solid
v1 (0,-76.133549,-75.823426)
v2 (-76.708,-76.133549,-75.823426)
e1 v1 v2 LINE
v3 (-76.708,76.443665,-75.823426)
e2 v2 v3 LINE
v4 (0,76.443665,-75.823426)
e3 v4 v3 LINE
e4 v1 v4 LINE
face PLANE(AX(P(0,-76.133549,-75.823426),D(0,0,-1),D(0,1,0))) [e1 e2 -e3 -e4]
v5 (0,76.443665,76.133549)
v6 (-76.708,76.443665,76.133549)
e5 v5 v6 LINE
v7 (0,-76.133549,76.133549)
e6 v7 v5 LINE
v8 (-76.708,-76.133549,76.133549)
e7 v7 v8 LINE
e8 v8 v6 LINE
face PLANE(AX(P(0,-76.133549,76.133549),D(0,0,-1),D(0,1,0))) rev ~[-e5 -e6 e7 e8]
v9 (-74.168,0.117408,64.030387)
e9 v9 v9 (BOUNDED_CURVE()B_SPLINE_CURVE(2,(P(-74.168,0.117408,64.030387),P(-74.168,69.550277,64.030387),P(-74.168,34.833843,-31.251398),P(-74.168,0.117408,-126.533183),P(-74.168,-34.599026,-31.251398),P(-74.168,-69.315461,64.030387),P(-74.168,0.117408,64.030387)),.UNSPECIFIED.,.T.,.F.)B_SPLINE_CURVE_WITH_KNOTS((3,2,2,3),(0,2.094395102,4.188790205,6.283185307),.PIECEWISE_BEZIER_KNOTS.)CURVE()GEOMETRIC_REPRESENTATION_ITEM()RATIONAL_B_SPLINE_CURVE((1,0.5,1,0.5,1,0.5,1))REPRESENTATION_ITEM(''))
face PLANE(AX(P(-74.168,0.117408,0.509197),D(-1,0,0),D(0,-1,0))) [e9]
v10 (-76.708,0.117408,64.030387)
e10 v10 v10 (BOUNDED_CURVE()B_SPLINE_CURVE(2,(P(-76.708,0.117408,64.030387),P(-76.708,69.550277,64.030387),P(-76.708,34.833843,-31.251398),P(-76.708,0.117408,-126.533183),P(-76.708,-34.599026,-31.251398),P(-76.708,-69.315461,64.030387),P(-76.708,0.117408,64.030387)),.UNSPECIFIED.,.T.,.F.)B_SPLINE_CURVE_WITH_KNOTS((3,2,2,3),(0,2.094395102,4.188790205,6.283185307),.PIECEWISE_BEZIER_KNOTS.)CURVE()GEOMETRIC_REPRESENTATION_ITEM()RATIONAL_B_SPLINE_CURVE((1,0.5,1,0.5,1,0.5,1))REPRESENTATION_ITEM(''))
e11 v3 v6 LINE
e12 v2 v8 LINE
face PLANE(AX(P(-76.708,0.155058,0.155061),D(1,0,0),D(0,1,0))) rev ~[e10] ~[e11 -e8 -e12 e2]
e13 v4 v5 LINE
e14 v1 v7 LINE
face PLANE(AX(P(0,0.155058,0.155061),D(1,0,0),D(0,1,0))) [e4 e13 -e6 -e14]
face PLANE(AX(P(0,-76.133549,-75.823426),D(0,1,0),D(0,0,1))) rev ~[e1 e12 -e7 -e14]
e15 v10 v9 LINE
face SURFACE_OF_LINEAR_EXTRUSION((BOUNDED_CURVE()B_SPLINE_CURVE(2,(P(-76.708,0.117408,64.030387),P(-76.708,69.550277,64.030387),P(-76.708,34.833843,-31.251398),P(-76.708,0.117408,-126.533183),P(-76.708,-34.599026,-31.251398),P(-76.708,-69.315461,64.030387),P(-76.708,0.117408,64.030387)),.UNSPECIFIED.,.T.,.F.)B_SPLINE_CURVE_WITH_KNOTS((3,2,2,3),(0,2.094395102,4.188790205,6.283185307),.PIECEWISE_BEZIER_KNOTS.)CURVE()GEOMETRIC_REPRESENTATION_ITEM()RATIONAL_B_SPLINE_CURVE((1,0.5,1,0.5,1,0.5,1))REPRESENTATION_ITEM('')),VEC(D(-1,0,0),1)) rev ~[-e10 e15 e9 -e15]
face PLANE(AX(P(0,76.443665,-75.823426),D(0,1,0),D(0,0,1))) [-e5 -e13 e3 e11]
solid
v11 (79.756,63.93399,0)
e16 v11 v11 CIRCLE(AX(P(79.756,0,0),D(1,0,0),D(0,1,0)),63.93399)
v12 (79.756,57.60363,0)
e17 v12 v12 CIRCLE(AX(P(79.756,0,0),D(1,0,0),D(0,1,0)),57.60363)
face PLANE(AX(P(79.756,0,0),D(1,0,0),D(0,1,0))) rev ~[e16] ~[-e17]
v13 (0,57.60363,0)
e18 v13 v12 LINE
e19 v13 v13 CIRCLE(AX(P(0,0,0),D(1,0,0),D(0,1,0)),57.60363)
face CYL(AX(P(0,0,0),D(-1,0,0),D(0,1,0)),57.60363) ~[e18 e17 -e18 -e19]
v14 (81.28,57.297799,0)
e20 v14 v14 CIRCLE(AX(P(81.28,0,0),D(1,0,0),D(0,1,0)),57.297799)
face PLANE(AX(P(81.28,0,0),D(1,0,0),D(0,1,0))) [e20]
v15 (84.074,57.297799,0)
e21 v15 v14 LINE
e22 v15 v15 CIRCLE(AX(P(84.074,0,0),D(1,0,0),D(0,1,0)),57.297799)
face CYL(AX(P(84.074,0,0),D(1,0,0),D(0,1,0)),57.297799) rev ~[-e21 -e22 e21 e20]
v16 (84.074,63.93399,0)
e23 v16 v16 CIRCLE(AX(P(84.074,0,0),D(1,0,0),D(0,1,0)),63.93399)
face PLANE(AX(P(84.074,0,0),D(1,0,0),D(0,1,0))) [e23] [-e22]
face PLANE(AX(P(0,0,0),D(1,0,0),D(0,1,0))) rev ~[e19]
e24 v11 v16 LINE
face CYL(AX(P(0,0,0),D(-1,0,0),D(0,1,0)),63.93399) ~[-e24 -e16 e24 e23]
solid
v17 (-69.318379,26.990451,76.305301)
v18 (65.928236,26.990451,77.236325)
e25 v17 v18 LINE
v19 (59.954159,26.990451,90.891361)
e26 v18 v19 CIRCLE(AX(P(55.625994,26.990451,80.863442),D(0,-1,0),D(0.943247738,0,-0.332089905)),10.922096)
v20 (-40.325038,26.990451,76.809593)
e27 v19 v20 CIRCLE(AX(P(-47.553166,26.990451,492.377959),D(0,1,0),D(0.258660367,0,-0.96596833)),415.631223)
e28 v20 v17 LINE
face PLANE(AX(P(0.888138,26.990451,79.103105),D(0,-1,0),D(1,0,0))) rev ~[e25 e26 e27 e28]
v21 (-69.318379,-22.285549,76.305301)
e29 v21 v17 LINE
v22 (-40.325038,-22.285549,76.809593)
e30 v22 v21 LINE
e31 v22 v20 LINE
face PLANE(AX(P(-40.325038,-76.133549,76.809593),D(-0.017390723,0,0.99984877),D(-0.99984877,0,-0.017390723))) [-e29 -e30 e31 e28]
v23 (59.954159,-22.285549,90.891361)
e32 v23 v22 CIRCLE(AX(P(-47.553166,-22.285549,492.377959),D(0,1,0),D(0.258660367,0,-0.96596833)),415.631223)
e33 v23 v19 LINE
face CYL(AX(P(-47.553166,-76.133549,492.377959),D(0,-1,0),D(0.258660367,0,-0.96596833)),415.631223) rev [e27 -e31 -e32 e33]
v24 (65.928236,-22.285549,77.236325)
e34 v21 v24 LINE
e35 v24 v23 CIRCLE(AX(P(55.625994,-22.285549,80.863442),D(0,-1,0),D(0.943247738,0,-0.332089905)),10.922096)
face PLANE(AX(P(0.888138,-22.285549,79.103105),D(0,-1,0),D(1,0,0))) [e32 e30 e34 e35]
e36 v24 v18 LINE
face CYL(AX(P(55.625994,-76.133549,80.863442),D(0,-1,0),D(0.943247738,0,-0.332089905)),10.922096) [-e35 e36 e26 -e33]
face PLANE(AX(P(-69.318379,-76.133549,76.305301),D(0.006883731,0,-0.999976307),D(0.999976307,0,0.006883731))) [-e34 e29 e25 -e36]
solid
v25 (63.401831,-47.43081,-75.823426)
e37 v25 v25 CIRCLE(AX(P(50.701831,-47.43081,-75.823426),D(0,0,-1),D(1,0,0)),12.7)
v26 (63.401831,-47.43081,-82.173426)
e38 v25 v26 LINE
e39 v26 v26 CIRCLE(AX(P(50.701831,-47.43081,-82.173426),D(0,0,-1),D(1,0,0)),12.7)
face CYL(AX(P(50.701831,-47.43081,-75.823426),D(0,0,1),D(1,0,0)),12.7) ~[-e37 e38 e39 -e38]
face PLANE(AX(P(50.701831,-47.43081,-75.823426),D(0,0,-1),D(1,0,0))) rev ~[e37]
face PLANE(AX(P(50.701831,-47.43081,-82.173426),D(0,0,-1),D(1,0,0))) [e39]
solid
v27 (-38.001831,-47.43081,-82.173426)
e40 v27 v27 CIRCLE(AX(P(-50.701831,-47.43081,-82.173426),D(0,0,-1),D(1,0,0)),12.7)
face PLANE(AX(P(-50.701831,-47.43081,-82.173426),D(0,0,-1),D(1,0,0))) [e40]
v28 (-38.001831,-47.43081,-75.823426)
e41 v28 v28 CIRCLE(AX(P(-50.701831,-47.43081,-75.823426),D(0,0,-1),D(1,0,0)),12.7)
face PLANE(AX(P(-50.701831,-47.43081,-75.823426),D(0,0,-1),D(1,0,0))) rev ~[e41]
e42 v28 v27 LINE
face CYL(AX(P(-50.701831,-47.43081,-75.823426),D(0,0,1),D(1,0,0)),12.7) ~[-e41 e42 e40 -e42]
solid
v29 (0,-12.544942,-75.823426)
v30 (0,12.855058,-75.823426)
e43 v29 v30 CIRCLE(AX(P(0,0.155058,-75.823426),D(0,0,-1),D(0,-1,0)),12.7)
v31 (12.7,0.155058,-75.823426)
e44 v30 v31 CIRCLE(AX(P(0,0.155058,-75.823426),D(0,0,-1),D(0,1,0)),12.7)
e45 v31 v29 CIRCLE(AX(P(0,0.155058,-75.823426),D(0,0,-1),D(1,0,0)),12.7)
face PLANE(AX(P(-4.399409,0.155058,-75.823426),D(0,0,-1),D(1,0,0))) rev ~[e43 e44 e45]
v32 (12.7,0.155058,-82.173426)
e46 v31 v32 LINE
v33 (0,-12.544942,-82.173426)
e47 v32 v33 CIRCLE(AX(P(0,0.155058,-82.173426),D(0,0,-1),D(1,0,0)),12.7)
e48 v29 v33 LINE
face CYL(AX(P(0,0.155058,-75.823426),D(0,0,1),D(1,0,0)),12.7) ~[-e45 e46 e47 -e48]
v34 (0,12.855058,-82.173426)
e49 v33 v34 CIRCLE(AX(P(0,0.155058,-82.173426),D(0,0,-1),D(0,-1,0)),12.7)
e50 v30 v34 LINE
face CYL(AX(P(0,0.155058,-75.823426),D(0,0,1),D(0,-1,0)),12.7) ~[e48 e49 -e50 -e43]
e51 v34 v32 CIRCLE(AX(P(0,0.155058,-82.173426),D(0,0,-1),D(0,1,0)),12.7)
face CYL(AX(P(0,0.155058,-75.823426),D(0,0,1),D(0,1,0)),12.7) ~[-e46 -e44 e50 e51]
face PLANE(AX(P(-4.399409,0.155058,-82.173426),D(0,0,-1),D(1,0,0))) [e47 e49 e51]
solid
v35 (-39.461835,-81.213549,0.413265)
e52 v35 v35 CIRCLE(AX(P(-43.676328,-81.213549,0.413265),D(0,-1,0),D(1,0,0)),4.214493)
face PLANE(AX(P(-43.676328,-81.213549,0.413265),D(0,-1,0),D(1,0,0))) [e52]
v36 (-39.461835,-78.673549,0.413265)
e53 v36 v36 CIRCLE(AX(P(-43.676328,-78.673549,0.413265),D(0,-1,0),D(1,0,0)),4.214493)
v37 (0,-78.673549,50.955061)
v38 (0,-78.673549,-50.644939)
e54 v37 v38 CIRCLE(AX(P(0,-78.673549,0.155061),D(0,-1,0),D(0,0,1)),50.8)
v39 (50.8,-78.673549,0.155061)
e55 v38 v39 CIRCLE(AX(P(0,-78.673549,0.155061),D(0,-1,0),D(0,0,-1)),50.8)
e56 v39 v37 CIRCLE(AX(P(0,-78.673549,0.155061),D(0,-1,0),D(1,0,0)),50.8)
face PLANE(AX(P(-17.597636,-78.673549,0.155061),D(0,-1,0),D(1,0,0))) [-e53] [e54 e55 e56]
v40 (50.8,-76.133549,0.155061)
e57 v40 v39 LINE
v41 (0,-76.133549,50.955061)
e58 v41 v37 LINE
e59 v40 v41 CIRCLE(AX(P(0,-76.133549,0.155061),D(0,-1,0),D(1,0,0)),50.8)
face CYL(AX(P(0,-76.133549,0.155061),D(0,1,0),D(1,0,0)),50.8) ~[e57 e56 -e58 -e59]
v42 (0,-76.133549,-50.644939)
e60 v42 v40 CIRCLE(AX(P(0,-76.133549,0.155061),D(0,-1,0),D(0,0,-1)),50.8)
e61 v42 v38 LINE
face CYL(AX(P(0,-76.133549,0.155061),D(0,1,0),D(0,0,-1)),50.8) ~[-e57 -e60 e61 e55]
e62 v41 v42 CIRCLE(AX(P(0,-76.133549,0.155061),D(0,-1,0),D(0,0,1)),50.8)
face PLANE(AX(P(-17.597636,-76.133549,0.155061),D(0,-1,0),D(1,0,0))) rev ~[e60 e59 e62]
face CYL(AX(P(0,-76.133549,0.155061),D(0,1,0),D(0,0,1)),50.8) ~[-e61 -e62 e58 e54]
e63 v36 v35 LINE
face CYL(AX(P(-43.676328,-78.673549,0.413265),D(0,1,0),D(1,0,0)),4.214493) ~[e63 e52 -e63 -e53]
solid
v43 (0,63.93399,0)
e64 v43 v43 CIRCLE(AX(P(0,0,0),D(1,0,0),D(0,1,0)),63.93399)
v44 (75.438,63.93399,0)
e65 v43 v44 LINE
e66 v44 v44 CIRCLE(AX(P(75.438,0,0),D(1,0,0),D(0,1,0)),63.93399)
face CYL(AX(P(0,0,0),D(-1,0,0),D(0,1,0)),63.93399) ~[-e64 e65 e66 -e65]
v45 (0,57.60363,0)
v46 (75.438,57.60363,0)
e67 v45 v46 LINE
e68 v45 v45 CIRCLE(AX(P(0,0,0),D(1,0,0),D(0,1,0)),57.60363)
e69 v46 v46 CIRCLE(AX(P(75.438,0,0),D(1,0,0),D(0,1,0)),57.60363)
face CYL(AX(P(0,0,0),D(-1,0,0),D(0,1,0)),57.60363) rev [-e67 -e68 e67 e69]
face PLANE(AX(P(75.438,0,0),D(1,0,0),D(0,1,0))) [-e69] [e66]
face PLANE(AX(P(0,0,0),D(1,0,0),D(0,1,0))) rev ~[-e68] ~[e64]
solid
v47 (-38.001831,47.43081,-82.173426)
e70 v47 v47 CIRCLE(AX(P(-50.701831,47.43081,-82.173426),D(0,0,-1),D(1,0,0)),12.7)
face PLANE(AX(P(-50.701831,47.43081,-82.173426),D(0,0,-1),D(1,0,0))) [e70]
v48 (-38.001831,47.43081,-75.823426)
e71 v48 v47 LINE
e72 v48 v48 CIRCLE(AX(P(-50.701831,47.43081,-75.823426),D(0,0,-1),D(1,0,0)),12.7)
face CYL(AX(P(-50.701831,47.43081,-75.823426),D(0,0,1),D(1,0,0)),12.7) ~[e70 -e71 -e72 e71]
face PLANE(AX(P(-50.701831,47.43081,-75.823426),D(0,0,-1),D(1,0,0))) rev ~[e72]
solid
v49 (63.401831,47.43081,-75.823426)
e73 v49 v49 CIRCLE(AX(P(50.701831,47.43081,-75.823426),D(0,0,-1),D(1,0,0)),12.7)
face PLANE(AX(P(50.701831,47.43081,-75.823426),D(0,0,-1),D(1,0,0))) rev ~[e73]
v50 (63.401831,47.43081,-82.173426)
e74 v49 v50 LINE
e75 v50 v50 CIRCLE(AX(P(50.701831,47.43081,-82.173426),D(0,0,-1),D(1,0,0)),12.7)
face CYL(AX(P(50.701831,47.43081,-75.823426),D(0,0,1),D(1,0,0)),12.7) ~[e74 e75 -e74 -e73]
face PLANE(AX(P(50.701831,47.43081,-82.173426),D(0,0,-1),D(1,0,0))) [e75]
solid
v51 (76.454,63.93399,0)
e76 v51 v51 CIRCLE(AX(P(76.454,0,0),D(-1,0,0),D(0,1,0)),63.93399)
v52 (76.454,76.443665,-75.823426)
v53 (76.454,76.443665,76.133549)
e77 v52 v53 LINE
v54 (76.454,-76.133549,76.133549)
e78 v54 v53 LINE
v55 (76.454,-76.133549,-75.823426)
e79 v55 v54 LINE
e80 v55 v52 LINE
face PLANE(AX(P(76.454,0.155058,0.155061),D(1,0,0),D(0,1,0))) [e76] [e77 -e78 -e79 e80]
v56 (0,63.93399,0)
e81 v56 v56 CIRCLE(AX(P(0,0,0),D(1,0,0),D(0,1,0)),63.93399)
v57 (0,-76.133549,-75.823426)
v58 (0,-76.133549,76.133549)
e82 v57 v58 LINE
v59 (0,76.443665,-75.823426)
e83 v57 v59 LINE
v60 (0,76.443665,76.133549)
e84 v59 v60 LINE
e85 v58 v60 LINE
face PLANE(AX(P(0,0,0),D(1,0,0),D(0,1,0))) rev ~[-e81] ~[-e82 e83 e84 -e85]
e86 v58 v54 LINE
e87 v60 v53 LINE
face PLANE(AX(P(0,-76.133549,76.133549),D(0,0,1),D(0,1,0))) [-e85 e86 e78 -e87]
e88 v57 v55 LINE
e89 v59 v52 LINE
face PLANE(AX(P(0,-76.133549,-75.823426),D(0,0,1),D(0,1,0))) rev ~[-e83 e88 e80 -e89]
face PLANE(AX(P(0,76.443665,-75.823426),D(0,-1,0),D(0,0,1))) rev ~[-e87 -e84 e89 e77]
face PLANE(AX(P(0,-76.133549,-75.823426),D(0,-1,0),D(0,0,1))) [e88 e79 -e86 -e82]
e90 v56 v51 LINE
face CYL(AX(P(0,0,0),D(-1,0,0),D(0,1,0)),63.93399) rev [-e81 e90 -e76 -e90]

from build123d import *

# Parameters (mm, degrees)
F1_W      = 152.577213943
F1_H      = 151.9569754601
F2_DEPTH  = 76.454
F0_R      = 63.9339901924
F0_R_2    = 57.603630209
F0_R_3    = 8.3357283428
F0_R_4    = 5.5518623653
F0_R_5    = 3.2892816449
F3_DEPTH  = 84.074
F4_DEPTH  = 83.82
F5_DEPTH  = 79.756
F6_DEPTH  = 75.438
F7_DEPTH  = 76.708
F8_R      = 3.7795068471
F9_DEPTH  = 2.54
F10_R     = 4.214493327
F11_DEPTH = 2.54
F13_DEPTH = 103.124
F14_DEPTH = 53.848
F15_R     = 12.7
F16_DEPTH = 6.35
F18_DEPTH = 2.54
F19_R     = 57.2977991131
F20_DEPTH = 2.794


with BuildPart() as f2:
    # F1 (on Right) → F2 (new body)
    with BuildSketch(Plane.YZ):
        with Locations((0.1550577581, 0.1550614834)):
            Rectangle(F1_W, F1_H)
    extrude(amount=F2_DEPTH)

    # F0 (on Right) → F3 (join)
    with BuildSketch(Plane.YZ):
        Circle(F0_R)
        Circle(F0_R_2, mode=Mode.SUBTRACT)
        Circle(F0_R_2)
        Circle(F0_R_3, mode=Mode.SUBTRACT)
        Circle(F0_R_3)
        Circle(F0_R_4, mode=Mode.SUBTRACT)
        Circle(F0_R_4)
        Circle(F0_R_5, mode=Mode.SUBTRACT)
        Circle(F0_R_5)
    extrude(amount=F3_DEPTH)

    # F0 (on Right) → F4 (join)
    with BuildSketch(Plane.YZ):
        Circle(F0_R_4)
        Circle(F0_R_5, mode=Mode.SUBTRACT)
        Circle(F0_R_5)
    extrude(amount=F4_DEPTH)

    # F0 (on Right) → F5 (cut)
    with BuildSketch(Plane.YZ):
        Circle(F0_R)
        Circle(F0_R_2, mode=Mode.SUBTRACT)
    extrude(amount=F5_DEPTH, mode=Mode.SUBTRACT)

    # F19 (on face) → F20 (cut)
    with BuildSketch(Plane.YZ.offset(84.074)):
        Circle(F19_R)
    extrude(amount=-F20_DEPTH, mode=Mode.SUBTRACT)


with BuildPart() as f6:
    # F0 (on Right) → F6 (new body)
    with BuildSketch(Plane.YZ):
        Circle(F0_R)
        Circle(F0_R_2, mode=Mode.SUBTRACT)
    extrude(amount=F6_DEPTH)


with BuildPart() as f7:
    # F1 (on Right) → F7 (new body)
    with BuildSketch(Plane.YZ):
        with Locations((0.1550577581, 0.1550614834)):
            Rectangle(F1_W, F1_H)
    extrude(amount=-F7_DEPTH)

    # F17 (on face) → F18 (cut)
    with BuildSketch(Plane(origin=(-76.708, 0, 0), x_dir=(0, -1, 0), z_dir=(-1, 0, 0))):
        with BuildLine():
            add(Edge.make_bspline(
                [(-0.117408068, 64.0303865075), (-69.5502769999, 64.0303865075), (-34.833842534, -31.2513980898), (-0.117408068, -126.5331826871), (34.5990263979, -31.2513980898), (69.3154608638, 64.0303865075), (-0.117408068, 64.0303865075)],
                knots=[0, 0, 0, 2.0943951024, 2.0943951024, 4.1887902048, 4.1887902048, 6.2831853072, 6.2831853072, 6.2831853072], degree=2, weights=[1, 0.5, 1, 0.5, 1, 0.5, 1]))
        make_face()
    extrude(amount=-F18_DEPTH, mode=Mode.SUBTRACT)


with BuildPart() as f9:
    # F8 (on face) → F9 (new body)
    with BuildSketch(Plane.XZ.offset(76.1335492134)):
        with BuildLine():
            Line((0, -50.6449385166), (0, 50.9550614834))
            ThreePointArc((0, 50.9550614834), (-50.8, 0.1550614834), (0, -50.6449385166))
        make_face()
        with Locations((-43.2630628347, 0.1550614834)):
            Circle(F8_R, mode=Mode.SUBTRACT)
        with BuildLine():
            ThreePointArc((0, -50.6449385166), (35.9210244843, -35.7659630009), (50.8, 0.1550614834))
            ThreePointArc((50.8, 0.1550614834), (35.9210244843, 36.0760859677), (0, 50.9550614834))
            Line((0, 50.9550614834), (0, -50.6449385166))
        make_face()
        with Locations((-43.2630628347, 0.1550614834)):
            Circle(F8_R)
    extrude(amount=F9_DEPTH)

    # F10 (on face) → F11 (join)
    with BuildSketch(Plane.XZ.offset(78.6735492134)):
        with Locations((-43.676327914, 0.4132648755)):
            Circle(F10_R)
    extrude(amount=F11_DEPTH)


with BuildPart() as f13:
    # F12 (on face) → F13 (new body)
    with BuildSketch(Plane.XZ.offset(76.1335492134)):
        with BuildLine():
            Line((-69.3183791608, 76.3053011137), (65.9282356501, 77.2363245487))
            ThreePointArc((65.9282356501, 77.2363245487), (65.6323521799, 85.2412227829), (59.9541589618, 90.8913612366))
            ThreePointArc((59.9541589618, 90.8913612366), (10.2450181107, 80.7850982994), (-40.3250381351, 76.809592545))
            Line((-40.3250381351, 76.809592545), (-69.3183791608, 76.3053011137))
        make_face()
    extrude(amount=-F13_DEPTH)

    # F14 (cut): a face of the model
    f14_faces = [f13.faces().sort_by_distance(p)[0] for p in [
        (35.6560596218, -76.1335492134, 81.262708953),
    ]]
    extrude(f14_faces, amount=-F14_DEPTH, mode=Mode.SUBTRACT)


with BuildPart() as f16:
    # F15 (on face) → F16 (new body)
    with BuildSketch(Plane(origin=(0, 0, -75.8234262466), x_dir=(1, 0, 0), z_dir=(0, 0, -1))):
        with Locations((-50.7018305361, 47.4308095872)):
            Circle(F15_R)
    extrude(amount=F16_DEPTH)


with BuildPart() as f16b:
    # F15 (on face) → F16, piece 2 (new body)
    with BuildSketch(Plane(origin=(0, 0, -75.8234262466), x_dir=(1, 0, 0), z_dir=(0, 0, -1))):
        with BuildLine():
            Line((0, -12.8550577581), (0, 12.5449422419))
            ThreePointArc((0, 12.5449422419), (-12.7, -0.1550577581), (0, -12.8550577581))
        make_face()
        with BuildLine():
            ThreePointArc((0, -12.8550577581), (8.9802561211, -9.1353138792), (12.7, -0.1550577581))
            ThreePointArc((12.7, -0.1550577581), (8.9802561211, 8.825198363), (0, 12.5449422419))
            Line((0, 12.5449422419), (0, -12.8550577581))
        make_face()
    extrude(amount=F16_DEPTH)


with BuildPart() as f16c:
    # F15 (on face) → F16, piece 3 (new body)
    with BuildSketch(Plane(origin=(0, 0, -75.8234262466), x_dir=(1, 0, 0), z_dir=(0, 0, -1))):
        with Locations((50.7018305361, 47.4308095872)):
            Circle(F15_R)
    extrude(amount=F16_DEPTH)


with BuildPart() as f16d:
    # F15 (on face) → F16, piece 4 (new body)
    with BuildSketch(Plane(origin=(0, 0, -75.8234262466), x_dir=(1, 0, 0), z_dir=(0, 0, -1))):
        with Locations((50.7018305361, -47.4308095872)):
            Circle(F15_R)
    extrude(amount=F16_DEPTH)


with BuildPart() as f16e:
    # F15 (on face) → F16, piece 5 (new body)
    with BuildSketch(Plane(origin=(0, 0, -75.8234262466), x_dir=(1, 0, 0), z_dir=(0, 0, -1))):
        with Locations((-50.7018305361, -47.4308095872)):
            Circle(F15_R)
    extrude(amount=F16_DEPTH)


solid = Compound([f2.part, f6.part, f7.part, f9.part, f13.part, f16.part, f16b.part, f16c.part, f16d.part, f16e.part])
